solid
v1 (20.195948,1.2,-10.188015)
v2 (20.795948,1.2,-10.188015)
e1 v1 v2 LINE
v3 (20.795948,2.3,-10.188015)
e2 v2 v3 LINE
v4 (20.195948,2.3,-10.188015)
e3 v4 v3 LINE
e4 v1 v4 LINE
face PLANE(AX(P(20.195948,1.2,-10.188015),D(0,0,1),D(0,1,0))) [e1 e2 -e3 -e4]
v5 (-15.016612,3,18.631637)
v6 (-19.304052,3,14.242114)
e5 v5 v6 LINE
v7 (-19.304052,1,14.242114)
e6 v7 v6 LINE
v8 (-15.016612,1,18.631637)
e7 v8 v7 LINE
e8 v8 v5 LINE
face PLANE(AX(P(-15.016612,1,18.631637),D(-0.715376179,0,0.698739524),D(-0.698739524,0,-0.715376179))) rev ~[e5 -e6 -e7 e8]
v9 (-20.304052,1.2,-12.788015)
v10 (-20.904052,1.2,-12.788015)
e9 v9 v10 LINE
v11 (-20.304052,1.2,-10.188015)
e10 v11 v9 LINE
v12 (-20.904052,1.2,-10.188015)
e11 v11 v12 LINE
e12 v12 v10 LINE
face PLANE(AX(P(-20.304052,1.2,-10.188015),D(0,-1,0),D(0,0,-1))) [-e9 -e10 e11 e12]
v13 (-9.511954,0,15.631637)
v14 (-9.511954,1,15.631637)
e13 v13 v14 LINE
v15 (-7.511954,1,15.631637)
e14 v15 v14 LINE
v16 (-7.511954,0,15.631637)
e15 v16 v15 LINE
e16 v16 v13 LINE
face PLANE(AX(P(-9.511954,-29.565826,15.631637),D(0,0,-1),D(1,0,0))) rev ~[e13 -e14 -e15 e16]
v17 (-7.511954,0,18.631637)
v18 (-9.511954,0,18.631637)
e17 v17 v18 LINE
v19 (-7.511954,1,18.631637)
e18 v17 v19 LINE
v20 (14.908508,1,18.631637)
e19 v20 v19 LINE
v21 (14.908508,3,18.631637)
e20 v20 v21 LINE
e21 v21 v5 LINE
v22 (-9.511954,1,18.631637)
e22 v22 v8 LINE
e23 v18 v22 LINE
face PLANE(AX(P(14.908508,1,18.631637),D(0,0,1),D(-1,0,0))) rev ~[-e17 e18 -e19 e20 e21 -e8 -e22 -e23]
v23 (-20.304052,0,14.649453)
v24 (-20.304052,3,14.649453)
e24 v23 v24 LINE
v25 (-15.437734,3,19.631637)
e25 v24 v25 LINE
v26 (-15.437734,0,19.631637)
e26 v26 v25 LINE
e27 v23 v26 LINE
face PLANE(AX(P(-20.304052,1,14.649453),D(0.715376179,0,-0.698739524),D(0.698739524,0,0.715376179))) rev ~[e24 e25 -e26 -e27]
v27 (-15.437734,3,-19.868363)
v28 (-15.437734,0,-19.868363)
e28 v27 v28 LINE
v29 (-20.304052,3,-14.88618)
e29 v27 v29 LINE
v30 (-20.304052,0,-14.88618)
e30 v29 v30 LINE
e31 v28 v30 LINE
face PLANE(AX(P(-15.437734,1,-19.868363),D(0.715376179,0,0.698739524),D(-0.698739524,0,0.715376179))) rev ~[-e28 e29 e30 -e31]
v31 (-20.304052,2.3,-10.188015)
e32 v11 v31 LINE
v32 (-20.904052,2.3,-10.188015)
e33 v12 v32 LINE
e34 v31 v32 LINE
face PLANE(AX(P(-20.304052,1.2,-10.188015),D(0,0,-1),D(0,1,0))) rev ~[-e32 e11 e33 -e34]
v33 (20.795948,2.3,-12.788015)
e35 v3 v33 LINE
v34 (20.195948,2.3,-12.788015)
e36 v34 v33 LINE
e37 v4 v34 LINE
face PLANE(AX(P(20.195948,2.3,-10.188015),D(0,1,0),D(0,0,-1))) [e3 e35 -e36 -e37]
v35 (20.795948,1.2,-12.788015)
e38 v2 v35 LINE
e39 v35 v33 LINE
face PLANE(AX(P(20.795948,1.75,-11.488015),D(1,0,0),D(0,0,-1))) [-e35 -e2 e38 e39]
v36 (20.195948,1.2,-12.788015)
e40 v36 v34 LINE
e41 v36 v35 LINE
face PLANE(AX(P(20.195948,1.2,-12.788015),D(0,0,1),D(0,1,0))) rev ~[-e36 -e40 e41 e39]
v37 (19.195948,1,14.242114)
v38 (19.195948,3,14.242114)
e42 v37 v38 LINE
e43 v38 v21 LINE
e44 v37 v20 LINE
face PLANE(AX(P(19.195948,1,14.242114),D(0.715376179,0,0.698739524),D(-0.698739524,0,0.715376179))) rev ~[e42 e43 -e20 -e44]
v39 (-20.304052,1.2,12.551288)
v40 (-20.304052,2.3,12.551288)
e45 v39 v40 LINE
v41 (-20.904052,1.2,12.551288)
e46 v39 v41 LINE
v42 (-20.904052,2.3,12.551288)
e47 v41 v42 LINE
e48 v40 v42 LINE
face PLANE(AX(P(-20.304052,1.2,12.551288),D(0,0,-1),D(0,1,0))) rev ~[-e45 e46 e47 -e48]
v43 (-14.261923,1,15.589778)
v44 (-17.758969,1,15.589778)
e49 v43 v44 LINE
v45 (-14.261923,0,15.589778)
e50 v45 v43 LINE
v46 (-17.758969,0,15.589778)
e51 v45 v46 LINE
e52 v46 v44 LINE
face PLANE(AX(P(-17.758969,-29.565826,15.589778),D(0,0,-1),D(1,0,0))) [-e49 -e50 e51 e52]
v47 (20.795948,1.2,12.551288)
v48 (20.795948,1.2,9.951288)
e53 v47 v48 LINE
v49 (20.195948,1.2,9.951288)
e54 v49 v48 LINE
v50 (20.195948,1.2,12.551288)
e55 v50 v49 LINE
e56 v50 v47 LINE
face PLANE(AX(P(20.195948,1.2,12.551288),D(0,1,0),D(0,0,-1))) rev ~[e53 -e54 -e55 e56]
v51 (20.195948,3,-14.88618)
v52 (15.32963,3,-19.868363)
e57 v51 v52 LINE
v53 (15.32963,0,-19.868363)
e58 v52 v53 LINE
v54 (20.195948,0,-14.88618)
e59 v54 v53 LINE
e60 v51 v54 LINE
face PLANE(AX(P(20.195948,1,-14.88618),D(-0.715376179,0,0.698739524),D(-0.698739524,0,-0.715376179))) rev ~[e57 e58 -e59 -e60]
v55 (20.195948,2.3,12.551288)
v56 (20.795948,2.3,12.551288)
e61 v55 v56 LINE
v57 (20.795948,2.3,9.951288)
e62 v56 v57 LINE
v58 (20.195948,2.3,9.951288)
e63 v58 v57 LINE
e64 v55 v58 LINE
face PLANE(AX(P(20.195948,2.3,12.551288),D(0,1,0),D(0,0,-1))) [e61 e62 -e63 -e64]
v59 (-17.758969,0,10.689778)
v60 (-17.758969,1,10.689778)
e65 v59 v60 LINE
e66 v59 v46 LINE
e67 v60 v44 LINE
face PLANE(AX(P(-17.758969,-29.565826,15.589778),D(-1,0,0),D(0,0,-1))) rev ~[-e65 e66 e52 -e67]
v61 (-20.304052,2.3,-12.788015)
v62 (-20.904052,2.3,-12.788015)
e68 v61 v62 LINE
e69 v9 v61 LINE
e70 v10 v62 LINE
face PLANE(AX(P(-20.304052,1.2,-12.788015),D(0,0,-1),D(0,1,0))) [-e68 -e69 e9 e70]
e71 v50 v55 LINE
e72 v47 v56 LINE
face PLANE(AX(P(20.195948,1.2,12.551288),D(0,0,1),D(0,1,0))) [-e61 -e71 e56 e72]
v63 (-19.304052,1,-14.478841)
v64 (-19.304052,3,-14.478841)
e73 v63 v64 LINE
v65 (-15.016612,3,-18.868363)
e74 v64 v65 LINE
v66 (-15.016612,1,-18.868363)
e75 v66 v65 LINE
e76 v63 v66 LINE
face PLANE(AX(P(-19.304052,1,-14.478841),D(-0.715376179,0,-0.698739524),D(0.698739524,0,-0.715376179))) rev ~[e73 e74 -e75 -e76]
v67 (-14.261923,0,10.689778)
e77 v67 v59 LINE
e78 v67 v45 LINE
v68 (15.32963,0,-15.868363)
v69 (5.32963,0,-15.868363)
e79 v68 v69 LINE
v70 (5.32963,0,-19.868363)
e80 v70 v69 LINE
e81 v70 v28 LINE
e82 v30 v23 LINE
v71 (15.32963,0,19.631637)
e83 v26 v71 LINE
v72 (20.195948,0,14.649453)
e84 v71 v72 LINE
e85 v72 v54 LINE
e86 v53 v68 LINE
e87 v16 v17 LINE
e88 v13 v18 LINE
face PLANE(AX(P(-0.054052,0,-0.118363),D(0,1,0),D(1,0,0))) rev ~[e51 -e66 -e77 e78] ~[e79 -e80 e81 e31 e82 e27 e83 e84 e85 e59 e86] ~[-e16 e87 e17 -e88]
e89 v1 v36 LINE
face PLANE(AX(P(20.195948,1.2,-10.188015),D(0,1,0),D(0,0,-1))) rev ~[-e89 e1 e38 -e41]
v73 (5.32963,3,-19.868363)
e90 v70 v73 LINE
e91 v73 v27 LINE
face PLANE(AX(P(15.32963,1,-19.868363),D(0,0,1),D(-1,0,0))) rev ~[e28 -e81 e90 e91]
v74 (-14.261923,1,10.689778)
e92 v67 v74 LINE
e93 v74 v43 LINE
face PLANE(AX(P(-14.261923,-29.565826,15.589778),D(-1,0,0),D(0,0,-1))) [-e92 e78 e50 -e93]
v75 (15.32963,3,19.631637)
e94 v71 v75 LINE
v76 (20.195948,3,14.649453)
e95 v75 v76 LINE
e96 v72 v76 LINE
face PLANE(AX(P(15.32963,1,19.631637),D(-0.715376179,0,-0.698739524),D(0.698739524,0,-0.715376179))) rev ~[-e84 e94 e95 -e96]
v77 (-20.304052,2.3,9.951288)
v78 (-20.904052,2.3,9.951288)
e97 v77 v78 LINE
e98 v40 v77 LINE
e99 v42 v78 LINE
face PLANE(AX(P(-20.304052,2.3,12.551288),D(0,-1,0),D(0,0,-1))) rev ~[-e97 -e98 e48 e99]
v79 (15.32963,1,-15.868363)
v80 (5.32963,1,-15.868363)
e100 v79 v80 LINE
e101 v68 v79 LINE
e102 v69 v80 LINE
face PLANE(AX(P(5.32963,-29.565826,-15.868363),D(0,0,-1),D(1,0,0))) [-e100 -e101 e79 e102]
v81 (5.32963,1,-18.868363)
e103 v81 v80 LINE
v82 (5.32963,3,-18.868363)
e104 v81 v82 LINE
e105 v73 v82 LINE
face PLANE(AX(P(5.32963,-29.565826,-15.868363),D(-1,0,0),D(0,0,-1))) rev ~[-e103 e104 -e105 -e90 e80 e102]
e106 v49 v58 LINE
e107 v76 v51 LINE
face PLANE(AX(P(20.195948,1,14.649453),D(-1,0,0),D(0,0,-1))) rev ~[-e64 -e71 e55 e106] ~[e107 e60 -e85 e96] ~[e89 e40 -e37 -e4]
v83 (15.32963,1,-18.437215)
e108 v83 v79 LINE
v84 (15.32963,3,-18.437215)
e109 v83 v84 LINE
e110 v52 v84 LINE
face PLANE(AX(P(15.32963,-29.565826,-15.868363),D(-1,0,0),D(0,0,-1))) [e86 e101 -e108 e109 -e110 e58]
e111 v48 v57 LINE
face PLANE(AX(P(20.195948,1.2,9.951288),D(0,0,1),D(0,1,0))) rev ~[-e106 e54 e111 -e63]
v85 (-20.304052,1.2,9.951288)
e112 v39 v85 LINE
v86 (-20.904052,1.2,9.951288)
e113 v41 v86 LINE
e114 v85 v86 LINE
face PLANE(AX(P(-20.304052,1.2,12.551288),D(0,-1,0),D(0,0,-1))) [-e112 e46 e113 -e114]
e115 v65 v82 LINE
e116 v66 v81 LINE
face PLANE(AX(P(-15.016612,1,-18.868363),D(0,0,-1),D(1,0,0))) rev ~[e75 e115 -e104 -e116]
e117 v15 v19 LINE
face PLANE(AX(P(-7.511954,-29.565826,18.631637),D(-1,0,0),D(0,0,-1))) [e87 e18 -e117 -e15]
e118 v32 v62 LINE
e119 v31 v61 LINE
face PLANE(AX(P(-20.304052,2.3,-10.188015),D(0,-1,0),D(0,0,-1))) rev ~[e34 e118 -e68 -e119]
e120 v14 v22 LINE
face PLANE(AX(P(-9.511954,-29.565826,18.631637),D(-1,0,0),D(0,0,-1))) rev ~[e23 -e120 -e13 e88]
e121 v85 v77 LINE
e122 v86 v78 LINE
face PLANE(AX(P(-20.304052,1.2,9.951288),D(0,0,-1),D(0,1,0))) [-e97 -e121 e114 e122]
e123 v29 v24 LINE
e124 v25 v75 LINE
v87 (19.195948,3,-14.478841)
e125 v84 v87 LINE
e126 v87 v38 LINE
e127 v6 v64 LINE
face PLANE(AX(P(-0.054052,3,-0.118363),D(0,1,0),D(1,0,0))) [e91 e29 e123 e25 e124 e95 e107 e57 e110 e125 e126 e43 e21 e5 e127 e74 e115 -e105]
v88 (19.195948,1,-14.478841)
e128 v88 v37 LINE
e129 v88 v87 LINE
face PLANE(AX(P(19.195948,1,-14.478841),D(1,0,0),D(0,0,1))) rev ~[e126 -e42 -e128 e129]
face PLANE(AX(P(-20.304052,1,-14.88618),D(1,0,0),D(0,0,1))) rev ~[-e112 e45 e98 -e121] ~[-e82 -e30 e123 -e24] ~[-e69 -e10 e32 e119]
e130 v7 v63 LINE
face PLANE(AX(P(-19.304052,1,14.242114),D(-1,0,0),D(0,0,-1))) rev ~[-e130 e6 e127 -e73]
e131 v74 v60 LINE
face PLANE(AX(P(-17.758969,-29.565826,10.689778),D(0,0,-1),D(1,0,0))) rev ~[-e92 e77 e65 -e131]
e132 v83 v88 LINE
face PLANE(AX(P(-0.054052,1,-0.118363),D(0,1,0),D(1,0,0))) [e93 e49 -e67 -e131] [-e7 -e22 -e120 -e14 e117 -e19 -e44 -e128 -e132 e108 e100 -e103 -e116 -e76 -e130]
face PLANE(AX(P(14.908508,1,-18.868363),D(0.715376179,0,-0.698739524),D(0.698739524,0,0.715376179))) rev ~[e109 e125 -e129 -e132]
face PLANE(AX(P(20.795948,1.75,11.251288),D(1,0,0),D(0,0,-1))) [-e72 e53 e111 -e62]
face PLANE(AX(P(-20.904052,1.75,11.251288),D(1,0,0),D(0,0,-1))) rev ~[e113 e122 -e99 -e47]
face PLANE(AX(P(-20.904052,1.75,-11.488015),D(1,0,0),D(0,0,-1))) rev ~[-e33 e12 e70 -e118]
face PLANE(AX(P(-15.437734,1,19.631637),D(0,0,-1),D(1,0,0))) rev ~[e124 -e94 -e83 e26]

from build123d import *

# Parameters (mm, degrees)
BOSS_EXTRUDE1_DEPTH     = 1
BOSS_EXTRUDE2_START     = 1
BOSS_EXTRUDE2_DEPTH     = 2
CUT_EXTRUDE1_DEPTH      = 29.565825694
CUT_EXTRUDE1_DEPTH_BACK = 30.565825694
CUT_EXTRUDE1_START      = 1
SKETCH1_4_W             = 10
SKETCH1_4_H             = 4
SKETCH1_4_W_2           = 2
SKETCH1_4_H_2           = 3
SKETCH1_4_W_3           = 3.497046445
SKETCH1_4_H_3           = 4.9
BOSS_EXTRUDE3_START     = -20.304052
SKETCH2_W               = 2.6
SKETCH2_H               = 1.1
BOSS_EXTRUDE3_DEPTH     = 0.6
BOSS_EXTRUDE4_START     = 20.195948
SKETCH2_2_W             = 2.6
SKETCH2_2_H             = 1.1
BOSS_EXTRUDE4_DEPTH     = 0.6


with BuildPart() as part:
    # Sketch1 → Boss-Extrude1 (new body)
    with BuildSketch(Plane(origin=(0, 0, 0), x_dir=(1, 0, 0), z_dir=(0, 1, 0))):
        Polygon((-20.304052055, 14.886180374), (-20.304052055, -14.649453395), (-15.437733663, -19.631636511), (15.329629553, -19.631636511), (20.195947945, -14.649453395), (20.195947945, 14.886180374), (15.329629553, 19.868363489), (-15.437733663, 19.868363489), align=None)
    extrude(amount=BOSS_EXTRUDE1_DEPTH)

    # Sketch1<3> → Boss-Extrude2 (add)
    with BuildSketch(Plane(origin=(0, 0, 0), x_dir=(1, 0, 0), z_dir=(0, 1, 0)).offset(BOSS_EXTRUDE2_START)):
        Polygon((-20.304052055, 14.886180374), (-20.304052055, -14.649453395), (-15.437733663, -19.631636511), (15.329629553, -19.631636511), (20.195947945, -14.649453395), (20.195947945, 14.886180374), (15.329629553, 19.868363489), (-15.437733663, 19.868363489), align=None)
        Polygon((-19.304052055, 14.478841428), (-15.016611903, 18.868363489), (14.908507792, 18.868363489), (19.195947945, 14.478841428), (19.195947945, -14.24211445), (14.908507792, -18.631636511), (-15.016611903, -18.631636511), (-19.304052055, -14.24211445), align=None, mode=Mode.SUBTRACT)
    extrude(amount=BOSS_EXTRUDE2_DEPTH)

    # Sketch1<4> → Cut-Extrude1 (cut, two sides: drawn at the far end of the back side and taken through both)
    with BuildSketch(Plane(origin=(0, 0, 0), x_dir=(1, 0, 0), z_dir=(0, 1, 0)).offset(CUT_EXTRUDE1_START - CUT_EXTRUDE1_DEPTH_BACK)):
        with Locations((10.329629553, 17.868363489)):
            Rectangle(SKETCH1_4_W, SKETCH1_4_H)
        with Locations((-8.511953553, -17.131636511)):
            Rectangle(SKETCH1_4_W_2, SKETCH1_4_H_2)
        with Locations((-16.010445854, -13.139778313)):
            Rectangle(SKETCH1_4_W_3, SKETCH1_4_H_3)
    extrude(amount=CUT_EXTRUDE1_DEPTH + CUT_EXTRUDE1_DEPTH_BACK, mode=Mode.SUBTRACT)

    # Sketch2 → Boss-Extrude3 (add)
    with BuildSketch(Plane(origin=(0, 0, 0), x_dir=(0, 0, -1), z_dir=(1, 0, 0)).offset(BOSS_EXTRUDE3_START)):
        with Locations((-11.251288132, 1.75)):
            Rectangle(SKETCH2_W, SKETCH2_H)
        with Locations((11.48801511, 1.75)):
            Rectangle(SKETCH2_W, SKETCH2_H)
    extrude(amount=-BOSS_EXTRUDE3_DEPTH)

    # Sketch2<2> → Boss-Extrude4 (add)
    with BuildSketch(Plane(origin=(0, 0, 0), x_dir=(0, 0, -1), z_dir=(1, 0, 0)).offset(BOSS_EXTRUDE4_START)):
        with Locations((-11.251288132, 1.75)):
            Rectangle(SKETCH2_2_W, SKETCH2_2_H)
        with Locations((11.48801511, 1.75)):
            Rectangle(SKETCH2_2_W, SKETCH2_2_H)
    extrude(amount=BOSS_EXTRUDE4_DEPTH)


solid = part.part
